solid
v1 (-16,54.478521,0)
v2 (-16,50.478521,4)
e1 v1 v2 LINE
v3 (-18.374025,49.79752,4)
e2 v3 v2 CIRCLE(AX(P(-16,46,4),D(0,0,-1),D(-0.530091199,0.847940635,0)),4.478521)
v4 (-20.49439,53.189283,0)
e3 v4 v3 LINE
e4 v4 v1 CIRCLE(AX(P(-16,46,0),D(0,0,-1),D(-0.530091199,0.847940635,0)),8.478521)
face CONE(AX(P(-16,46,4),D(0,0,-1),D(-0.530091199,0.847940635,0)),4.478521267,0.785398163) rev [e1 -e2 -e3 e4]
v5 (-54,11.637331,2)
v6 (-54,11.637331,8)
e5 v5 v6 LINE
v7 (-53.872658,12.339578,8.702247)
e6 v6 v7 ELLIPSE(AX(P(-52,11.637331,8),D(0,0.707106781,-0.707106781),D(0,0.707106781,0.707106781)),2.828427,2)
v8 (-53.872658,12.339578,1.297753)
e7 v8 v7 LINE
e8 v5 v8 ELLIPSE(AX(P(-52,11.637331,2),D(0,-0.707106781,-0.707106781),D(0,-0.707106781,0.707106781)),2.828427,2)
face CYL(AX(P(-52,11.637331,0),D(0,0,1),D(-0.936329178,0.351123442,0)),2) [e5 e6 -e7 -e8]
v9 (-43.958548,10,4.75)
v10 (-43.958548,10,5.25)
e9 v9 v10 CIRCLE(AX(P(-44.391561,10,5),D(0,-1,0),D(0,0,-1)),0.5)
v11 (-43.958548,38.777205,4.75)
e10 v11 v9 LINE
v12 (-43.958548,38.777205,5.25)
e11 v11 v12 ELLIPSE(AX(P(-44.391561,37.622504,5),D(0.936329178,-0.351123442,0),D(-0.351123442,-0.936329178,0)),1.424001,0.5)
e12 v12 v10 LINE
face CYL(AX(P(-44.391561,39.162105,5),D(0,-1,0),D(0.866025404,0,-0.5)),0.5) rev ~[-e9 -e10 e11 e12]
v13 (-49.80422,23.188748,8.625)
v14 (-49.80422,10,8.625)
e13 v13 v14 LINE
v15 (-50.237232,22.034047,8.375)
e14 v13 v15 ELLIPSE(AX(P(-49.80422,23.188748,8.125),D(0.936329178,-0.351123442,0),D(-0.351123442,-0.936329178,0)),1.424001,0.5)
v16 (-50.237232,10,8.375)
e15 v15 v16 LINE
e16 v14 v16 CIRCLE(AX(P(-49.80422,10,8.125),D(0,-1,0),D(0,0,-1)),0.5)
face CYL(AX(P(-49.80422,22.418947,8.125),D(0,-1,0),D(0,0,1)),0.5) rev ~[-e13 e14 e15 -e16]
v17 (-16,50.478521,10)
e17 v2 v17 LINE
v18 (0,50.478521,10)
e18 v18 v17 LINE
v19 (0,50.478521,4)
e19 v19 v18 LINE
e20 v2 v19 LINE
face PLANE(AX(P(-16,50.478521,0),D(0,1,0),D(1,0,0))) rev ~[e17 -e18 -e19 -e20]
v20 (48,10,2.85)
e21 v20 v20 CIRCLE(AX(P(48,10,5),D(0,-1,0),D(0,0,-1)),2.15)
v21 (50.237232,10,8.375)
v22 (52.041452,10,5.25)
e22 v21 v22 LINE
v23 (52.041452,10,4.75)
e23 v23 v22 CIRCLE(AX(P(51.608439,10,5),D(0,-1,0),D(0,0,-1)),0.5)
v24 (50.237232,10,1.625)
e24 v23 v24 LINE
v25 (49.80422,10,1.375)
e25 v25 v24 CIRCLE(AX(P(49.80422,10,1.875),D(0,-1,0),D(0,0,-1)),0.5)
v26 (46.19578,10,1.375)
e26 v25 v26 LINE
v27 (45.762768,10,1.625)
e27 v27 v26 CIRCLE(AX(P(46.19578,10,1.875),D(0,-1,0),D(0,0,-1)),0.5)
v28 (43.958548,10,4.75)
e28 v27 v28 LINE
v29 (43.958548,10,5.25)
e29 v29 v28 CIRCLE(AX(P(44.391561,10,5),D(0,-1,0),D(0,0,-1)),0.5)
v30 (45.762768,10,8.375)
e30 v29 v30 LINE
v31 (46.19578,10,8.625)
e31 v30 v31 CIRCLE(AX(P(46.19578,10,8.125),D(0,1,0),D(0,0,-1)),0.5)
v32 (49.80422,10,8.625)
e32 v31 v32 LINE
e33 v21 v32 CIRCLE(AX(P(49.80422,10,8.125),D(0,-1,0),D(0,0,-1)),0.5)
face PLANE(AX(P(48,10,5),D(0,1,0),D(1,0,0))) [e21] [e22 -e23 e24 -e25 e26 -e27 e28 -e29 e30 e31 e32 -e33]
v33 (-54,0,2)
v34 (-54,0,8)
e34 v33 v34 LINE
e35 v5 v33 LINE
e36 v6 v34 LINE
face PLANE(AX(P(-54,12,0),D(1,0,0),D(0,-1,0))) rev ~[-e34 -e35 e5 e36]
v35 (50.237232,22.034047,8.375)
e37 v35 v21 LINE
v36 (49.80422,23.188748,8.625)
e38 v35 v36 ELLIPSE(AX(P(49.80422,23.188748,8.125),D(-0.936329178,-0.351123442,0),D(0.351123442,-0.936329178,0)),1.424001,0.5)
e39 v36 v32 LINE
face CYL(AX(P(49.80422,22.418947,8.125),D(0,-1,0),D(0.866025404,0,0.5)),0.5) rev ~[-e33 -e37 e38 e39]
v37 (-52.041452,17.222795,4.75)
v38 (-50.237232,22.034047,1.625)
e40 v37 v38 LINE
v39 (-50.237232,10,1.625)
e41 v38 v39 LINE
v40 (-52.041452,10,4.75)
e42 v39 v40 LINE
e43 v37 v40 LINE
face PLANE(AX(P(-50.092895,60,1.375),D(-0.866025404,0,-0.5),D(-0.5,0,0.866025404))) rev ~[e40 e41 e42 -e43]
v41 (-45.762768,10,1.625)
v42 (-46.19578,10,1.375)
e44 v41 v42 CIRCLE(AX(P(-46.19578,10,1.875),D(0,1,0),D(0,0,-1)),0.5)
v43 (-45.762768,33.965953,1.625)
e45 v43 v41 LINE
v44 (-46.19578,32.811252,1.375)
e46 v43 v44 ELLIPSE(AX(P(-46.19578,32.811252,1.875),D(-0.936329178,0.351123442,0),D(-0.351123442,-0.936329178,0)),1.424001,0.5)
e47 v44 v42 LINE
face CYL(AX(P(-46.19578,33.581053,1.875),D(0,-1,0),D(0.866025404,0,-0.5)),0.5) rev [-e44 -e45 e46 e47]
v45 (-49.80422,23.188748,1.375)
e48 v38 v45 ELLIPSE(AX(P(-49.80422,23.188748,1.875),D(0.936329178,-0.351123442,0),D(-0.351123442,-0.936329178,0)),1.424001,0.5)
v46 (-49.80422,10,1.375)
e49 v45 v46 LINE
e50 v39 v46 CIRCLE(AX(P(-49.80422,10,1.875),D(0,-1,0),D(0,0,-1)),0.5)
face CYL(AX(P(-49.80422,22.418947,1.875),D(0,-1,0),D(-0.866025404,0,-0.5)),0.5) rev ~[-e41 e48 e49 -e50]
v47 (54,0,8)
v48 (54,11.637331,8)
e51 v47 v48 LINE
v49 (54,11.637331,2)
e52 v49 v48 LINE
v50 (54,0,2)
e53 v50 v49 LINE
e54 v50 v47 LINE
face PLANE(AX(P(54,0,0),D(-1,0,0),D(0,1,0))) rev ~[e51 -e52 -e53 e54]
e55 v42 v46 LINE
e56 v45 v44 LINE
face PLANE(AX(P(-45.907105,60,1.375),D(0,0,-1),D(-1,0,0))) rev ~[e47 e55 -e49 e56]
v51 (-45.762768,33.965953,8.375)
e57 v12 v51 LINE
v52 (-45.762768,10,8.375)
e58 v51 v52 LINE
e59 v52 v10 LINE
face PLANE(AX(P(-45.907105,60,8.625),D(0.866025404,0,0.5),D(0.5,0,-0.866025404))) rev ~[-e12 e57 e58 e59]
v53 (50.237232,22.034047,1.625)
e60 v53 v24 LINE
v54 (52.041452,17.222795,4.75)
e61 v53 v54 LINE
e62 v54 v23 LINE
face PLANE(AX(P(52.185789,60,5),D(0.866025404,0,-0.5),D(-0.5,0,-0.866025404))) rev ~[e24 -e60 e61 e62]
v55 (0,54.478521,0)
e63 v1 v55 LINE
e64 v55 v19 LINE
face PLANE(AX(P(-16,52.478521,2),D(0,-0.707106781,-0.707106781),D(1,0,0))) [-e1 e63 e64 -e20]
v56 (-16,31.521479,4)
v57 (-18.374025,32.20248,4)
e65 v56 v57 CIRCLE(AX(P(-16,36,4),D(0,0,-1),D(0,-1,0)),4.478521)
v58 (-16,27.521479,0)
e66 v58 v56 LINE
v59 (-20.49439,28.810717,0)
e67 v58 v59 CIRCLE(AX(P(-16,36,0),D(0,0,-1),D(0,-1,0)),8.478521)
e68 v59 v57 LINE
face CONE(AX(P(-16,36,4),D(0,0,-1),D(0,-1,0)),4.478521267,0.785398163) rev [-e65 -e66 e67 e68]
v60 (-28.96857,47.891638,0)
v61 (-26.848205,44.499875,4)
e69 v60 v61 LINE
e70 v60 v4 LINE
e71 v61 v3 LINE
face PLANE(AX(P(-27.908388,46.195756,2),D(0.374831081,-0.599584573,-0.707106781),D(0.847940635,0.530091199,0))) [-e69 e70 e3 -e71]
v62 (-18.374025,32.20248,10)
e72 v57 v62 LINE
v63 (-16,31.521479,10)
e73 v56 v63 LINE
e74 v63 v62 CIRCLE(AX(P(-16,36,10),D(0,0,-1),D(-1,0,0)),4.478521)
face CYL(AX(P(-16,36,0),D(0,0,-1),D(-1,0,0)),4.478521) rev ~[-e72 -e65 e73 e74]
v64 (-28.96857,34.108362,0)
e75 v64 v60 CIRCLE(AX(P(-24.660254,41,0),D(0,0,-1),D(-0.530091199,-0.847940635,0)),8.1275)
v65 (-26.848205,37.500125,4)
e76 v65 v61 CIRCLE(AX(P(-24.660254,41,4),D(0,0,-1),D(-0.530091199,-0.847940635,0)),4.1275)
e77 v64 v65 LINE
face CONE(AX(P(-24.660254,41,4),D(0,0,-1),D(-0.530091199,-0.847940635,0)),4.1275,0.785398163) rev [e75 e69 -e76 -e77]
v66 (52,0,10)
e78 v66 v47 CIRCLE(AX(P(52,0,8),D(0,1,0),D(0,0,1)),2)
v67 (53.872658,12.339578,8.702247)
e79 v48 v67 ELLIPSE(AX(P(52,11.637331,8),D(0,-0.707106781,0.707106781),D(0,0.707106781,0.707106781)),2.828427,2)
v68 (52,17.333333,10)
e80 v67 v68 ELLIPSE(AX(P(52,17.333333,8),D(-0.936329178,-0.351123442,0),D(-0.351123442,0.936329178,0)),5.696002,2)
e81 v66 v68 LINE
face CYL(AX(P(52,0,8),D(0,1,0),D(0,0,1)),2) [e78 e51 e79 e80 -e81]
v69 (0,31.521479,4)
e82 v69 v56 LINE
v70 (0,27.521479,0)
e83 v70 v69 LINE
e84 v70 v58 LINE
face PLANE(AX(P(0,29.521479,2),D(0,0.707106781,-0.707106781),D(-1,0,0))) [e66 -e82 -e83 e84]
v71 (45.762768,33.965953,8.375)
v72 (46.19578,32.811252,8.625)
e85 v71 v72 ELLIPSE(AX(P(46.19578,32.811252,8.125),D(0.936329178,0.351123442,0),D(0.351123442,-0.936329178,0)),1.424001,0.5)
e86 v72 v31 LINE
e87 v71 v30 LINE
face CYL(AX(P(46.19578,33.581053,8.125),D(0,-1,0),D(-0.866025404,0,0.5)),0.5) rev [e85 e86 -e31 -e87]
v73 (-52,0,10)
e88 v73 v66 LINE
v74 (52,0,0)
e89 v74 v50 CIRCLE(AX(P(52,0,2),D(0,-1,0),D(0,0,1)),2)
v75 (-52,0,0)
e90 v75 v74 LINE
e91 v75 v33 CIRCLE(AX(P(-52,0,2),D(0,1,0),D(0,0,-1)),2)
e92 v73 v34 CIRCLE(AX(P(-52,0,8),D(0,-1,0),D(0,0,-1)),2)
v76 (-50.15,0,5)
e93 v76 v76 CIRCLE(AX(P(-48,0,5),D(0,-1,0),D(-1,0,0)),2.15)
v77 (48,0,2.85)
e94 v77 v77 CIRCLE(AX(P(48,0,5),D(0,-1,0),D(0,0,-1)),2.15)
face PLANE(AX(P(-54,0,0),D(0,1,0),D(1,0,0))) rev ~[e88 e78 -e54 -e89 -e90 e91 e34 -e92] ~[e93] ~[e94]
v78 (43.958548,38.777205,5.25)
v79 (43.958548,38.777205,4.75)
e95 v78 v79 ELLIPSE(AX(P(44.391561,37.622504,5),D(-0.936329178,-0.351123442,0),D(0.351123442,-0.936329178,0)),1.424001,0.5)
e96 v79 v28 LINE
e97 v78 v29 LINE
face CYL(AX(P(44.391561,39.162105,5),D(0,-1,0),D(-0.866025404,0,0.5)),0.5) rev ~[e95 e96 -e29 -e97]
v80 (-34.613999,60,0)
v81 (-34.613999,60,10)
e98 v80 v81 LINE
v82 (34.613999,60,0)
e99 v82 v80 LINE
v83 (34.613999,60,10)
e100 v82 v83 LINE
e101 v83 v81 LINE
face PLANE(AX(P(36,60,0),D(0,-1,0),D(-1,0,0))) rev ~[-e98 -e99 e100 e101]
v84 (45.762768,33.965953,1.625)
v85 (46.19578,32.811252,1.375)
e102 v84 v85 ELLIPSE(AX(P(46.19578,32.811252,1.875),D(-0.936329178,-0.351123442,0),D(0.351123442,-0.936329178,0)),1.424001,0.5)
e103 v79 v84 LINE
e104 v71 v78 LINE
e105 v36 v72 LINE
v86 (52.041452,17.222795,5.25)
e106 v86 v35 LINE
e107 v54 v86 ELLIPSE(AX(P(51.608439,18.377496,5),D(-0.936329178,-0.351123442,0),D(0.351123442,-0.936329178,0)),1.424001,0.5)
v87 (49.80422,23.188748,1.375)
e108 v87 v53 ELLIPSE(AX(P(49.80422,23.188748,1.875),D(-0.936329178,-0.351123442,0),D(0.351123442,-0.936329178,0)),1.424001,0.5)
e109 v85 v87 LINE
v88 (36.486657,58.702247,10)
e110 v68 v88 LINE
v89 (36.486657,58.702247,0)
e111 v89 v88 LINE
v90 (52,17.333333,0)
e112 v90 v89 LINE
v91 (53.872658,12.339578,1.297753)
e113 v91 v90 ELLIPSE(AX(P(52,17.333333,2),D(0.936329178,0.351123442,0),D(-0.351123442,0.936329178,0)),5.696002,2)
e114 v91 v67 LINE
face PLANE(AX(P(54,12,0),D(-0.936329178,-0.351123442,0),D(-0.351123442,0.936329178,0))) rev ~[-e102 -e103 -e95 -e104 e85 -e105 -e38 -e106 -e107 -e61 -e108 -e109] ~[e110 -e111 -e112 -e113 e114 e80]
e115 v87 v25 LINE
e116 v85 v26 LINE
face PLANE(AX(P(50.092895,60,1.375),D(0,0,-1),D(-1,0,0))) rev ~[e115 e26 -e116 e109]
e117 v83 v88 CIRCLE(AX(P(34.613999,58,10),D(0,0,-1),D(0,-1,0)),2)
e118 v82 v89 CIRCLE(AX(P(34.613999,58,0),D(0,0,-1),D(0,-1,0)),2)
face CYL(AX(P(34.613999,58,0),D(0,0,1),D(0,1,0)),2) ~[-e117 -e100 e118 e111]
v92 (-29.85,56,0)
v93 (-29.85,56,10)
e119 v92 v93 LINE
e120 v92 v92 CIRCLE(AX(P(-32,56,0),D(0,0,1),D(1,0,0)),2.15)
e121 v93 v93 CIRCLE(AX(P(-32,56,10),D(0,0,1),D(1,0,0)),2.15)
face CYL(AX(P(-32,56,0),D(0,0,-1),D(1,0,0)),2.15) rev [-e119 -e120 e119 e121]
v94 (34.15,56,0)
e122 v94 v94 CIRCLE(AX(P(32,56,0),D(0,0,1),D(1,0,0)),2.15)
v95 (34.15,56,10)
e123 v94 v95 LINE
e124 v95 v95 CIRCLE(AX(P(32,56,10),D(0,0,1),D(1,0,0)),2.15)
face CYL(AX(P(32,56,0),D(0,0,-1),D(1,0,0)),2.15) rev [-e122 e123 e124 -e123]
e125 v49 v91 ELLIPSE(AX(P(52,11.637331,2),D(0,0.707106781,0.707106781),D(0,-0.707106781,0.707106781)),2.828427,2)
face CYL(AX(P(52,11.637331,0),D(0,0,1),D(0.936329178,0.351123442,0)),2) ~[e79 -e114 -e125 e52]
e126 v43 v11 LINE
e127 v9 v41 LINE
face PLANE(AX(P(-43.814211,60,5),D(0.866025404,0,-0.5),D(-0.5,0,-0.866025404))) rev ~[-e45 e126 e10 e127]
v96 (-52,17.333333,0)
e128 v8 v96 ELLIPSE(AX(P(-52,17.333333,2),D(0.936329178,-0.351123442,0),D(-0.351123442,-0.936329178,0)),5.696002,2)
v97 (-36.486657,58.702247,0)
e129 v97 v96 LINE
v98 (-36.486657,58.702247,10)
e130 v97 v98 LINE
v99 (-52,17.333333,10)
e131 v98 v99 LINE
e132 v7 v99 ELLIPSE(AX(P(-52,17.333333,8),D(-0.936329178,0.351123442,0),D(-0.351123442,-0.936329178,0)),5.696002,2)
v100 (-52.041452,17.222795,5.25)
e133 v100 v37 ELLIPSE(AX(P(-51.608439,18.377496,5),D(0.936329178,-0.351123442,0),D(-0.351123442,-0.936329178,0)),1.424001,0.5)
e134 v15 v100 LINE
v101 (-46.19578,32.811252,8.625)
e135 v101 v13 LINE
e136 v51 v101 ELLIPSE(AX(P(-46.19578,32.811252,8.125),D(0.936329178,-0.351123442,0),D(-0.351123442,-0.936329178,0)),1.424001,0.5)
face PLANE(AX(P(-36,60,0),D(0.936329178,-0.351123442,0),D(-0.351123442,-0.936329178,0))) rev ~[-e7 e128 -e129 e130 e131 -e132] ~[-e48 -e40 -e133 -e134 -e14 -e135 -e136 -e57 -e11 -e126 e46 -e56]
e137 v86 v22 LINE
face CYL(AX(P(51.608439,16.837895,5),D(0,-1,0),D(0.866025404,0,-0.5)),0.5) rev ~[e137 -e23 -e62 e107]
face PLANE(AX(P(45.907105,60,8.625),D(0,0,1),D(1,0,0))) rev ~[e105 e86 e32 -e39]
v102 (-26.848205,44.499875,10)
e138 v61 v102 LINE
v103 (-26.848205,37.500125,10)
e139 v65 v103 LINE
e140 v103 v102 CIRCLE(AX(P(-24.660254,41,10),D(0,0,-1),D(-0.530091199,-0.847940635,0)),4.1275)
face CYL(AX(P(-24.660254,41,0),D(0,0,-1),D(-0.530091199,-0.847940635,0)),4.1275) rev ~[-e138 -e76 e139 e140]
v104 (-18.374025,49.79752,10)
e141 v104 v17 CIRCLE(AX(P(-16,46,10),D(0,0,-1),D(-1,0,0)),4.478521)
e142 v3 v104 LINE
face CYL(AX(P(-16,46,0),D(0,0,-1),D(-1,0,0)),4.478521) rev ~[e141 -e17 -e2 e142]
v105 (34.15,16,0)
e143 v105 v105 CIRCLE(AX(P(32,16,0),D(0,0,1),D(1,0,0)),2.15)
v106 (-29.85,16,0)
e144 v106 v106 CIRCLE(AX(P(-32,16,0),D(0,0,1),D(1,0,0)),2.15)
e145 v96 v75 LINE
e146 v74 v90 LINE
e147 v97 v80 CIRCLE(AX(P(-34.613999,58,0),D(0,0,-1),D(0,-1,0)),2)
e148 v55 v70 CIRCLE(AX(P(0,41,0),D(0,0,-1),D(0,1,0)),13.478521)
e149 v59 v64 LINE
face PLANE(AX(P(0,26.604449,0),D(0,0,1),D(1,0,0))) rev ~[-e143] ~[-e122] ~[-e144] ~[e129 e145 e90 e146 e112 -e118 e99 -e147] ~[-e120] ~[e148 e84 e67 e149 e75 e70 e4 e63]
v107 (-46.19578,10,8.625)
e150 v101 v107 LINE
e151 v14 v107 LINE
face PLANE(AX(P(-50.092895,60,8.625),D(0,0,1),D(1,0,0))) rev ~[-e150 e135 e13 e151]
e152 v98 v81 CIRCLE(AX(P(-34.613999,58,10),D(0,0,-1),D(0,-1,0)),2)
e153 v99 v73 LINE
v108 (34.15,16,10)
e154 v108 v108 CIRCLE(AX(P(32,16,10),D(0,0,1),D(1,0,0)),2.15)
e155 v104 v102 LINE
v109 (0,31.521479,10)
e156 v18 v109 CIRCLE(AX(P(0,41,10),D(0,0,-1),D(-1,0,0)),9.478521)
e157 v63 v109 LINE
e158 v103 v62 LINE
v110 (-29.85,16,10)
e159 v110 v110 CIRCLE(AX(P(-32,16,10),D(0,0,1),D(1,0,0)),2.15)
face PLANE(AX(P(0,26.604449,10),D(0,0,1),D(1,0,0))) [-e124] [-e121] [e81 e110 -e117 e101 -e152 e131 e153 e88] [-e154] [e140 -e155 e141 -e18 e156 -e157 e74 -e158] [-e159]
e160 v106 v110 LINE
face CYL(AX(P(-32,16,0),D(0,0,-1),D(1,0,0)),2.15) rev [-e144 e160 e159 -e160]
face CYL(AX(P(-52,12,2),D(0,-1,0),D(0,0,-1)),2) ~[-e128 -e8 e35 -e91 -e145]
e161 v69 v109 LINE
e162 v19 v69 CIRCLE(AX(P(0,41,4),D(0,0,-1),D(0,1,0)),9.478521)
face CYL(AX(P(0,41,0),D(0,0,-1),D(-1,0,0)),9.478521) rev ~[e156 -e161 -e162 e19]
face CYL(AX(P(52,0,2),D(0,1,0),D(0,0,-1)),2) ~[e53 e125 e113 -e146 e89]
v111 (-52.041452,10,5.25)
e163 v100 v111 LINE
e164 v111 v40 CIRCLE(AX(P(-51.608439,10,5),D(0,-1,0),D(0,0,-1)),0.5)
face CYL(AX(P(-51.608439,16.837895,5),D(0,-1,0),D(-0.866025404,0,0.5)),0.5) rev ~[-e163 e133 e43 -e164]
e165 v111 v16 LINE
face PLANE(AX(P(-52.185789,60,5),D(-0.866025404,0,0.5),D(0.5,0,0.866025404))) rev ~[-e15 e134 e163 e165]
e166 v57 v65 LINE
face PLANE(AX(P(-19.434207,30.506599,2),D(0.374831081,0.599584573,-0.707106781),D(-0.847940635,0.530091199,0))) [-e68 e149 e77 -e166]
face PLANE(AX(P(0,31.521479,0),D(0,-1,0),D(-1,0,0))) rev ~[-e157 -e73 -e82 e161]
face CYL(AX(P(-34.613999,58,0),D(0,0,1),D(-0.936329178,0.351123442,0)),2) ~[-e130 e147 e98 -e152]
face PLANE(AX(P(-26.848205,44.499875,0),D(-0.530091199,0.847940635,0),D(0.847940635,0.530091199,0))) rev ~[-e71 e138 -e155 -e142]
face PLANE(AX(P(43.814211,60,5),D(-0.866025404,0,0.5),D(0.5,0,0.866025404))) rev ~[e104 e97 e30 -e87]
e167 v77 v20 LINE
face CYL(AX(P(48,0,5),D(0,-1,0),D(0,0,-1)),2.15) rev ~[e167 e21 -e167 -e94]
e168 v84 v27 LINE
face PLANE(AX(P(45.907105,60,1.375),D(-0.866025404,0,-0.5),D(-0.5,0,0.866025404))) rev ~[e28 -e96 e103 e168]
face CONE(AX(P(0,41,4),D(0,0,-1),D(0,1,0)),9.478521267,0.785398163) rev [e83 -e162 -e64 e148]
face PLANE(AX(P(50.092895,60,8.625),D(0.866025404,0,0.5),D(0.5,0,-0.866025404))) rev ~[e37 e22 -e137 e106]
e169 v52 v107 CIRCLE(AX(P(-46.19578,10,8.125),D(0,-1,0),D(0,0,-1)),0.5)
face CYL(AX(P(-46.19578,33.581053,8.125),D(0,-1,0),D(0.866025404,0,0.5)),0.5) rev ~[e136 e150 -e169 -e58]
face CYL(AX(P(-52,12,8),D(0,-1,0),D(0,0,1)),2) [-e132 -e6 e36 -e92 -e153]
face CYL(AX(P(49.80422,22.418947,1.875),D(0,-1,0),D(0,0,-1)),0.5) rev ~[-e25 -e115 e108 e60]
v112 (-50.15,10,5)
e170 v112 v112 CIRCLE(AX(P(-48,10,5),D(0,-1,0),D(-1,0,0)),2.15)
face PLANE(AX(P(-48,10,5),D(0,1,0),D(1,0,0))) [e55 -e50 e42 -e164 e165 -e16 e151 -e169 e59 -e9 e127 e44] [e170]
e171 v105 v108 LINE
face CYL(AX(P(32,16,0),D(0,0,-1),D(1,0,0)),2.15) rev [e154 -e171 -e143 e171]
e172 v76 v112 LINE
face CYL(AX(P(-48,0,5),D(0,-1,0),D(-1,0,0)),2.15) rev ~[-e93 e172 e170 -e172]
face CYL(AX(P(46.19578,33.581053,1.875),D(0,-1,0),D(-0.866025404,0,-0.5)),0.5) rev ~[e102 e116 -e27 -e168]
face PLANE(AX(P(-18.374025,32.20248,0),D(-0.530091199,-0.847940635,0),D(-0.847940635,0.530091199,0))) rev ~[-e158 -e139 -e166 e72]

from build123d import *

# Parameters (mm, degrees)
SKETCH_1_R          = 2.15
EXTRUDE_1_DEPTH     = 10
SKETCH_2_R          = 2.15
CUT_EXTRUDE_1_DEPTH = 82.338797631
CUT_EXTRUDE_2_DEPTH = 50
FILLET_1_R          = 0.5
FILLET_2_R          = 2
SKETCH_4_R          = 9.478521267
SKETCH_4_R_2        = 4.478521267
SKETCH_4_R_3        = 4.1275
CUT_EXTRUDE_3_DEPTH = 82.338797631
CHAMFER_1_SIZE      = 4


with BuildPart() as part:
    # 草图1 → 凸台-拉伸1 (new body)
    with BuildSketch(Plane.XY):
        Polygon((-54, 0), (54, 0), (54, 12), (36, 60), (-36, 60), (-54, 12), align=None)
        with Locations((-32, 56)):
            Circle(SKETCH_1_R, mode=Mode.SUBTRACT)
        with Locations((32, 56)):
            Circle(SKETCH_1_R, mode=Mode.SUBTRACT)
        with Locations((32, 16)):
            Circle(SKETCH_1_R, mode=Mode.SUBTRACT)
        with Locations((-32, 16)):
            Circle(SKETCH_1_R, mode=Mode.SUBTRACT)
    extrude(amount=EXTRUDE_1_DEPTH)

    # 草图2 → 切除-拉伸1 (cut, through all)
    with BuildSketch(Plane.XZ):
        with Locations(Location((48, 5, 0), (0, 0, 270))):
            Circle(SKETCH_2_R)
        with Locations(Location((-48, 5, 0), (0, 0, 180))):
            Circle(SKETCH_2_R)
    extrude(amount=-CUT_EXTRUDE_1_DEPTH, mode=Mode.SUBTRACT)

    # 草图3 → 切除-拉伸2 (cut)
    with BuildSketch(Plane(origin=(0, 60, 0), x_dir=(1, 0, 0), z_dir=(0, 1, 0))):
        Polygon((-43.814210548, -5), (-45.907105274, -1.375), (-50.092894726, -1.375), (-52.185789452, -5), (-50.092894726, -8.625), (-45.907105274, -8.625), align=None)
        Polygon((43.814210548, -5), (45.907105274, -8.625), (50.092894726, -8.625), (52.185789452, -5), (50.092894726, -1.375), (45.907105274, -1.375), align=None)
    extrude(amount=-CUT_EXTRUDE_2_DEPTH, mode=Mode.SUBTRACT)

    # 圆角1
    fillet_1_edges = [part.edges().sort_by_distance(p)[0] for p in [
        (-43.814210548, 24.581052602, 5),
        (-45.907105274, 21.790526301, 8.625),
        (-50.092894726, 16.209473699, 8.625),
        (-52.185789452, 13.418947398, 5),
        (-50.092894726, 16.209473699, 1.375),
        (-45.907105274, 21.790526301, 1.375),
        (43.814210548, 24.581052602, 5),
        (45.907105274, 21.790526301, 1.375),
        (50.092894726, 16.209473699, 1.375),
        (52.185789452, 13.418947398, 5),
        (50.092894726, 16.209473699, 8.625),
        (45.907105274, 21.790526301, 8.625),
    ]]
    fillet(fillet_1_edges, radius=FILLET_1_R)

    # 圆角2
    fillet_2_edges = [part.edges().sort_by_distance(p)[0] for p in [
        (-54, 12, 5),
        (-36, 60, 5),
        (36, 60, 5),
        (54, 12, 5),
        (-54, 6, 10),
        (54, 6, 10),
        (-54, 6, 0),
        (54, 6, 0),
    ]]
    fillet(fillet_2_edges, radius=FILLET_2_R)

    # 草图4 → 切除-拉伸3 (cut, through all)
    with BuildSketch(Plane(origin=(0, 0, 0), x_dir=(-1, 0, 0), z_dir=(0, 0, -1))):
        with Locations((0, 41)):
            Circle(SKETCH_4_R)
        with BuildLine():
            Line((26.84820546, 44.499874972), (18.374024707, 49.797520169))
            ThreePointArc((18.374024707, 49.797520169), (19.917223052, 48.170833089), (20.478521267, 46))
            ThreePointArc((20.478521267, 46), (12.833207242, 42.833207242), (16, 50.478521267))
            Line((16, 50.478521267), (0, 50.478521267))
            ThreePointArc((0, 50.478521267), (6.702326663, 47.702326663), (9.478521267, 41))
            ThreePointArc((9.478521267, 41), (6.702326663, 34.297673337), (0, 31.521478733))
            Line((0, 31.521478733), (16, 31.521478733))
            ThreePointArc((16, 31.521478733), (12.833207242, 39.166792758), (20.478521267, 36))
            ThreePointArc((20.478521267, 36), (19.917223052, 33.829166911), (18.374024707, 32.202479831))
            Line((18.374024707, 32.202479831), (26.84820546, 37.500125028))
            ThreePointArc((26.84820546, 37.500125028), (20.532754038, 41), (26.84820546, 44.499874972))
        make_face()
        with Locations((16, 46)):
            Circle(SKETCH_4_R_2)
        with Locations((16, 36)):
            Circle(SKETCH_4_R_2)
        with Locations((24.660254038, 41)):
            Circle(SKETCH_4_R_3)
    extrude(amount=-CUT_EXTRUDE_3_DEPTH, mode=Mode.SUBTRACT)

    # 倒角1
    chamfer_1_edges = [part.edges().sort_by_distance(p)[0] for p in [
        (-8, 50.478521267, 0),
        (-22.611115084, 47.14869757, 0),
        (9.478521267, 41, 0),
        (-8, 31.521478733, 0),
        (-17.234884185, 31.695094218, 0),
        (-22.611115084, 34.85130243, 0),
        (-28.787754038, 41, 0),
        (-17.234884185, 50.304905782, 0),
    ]]
    chamfer(chamfer_1_edges, length=CHAMFER_1_SIZE)


solid = part.part
